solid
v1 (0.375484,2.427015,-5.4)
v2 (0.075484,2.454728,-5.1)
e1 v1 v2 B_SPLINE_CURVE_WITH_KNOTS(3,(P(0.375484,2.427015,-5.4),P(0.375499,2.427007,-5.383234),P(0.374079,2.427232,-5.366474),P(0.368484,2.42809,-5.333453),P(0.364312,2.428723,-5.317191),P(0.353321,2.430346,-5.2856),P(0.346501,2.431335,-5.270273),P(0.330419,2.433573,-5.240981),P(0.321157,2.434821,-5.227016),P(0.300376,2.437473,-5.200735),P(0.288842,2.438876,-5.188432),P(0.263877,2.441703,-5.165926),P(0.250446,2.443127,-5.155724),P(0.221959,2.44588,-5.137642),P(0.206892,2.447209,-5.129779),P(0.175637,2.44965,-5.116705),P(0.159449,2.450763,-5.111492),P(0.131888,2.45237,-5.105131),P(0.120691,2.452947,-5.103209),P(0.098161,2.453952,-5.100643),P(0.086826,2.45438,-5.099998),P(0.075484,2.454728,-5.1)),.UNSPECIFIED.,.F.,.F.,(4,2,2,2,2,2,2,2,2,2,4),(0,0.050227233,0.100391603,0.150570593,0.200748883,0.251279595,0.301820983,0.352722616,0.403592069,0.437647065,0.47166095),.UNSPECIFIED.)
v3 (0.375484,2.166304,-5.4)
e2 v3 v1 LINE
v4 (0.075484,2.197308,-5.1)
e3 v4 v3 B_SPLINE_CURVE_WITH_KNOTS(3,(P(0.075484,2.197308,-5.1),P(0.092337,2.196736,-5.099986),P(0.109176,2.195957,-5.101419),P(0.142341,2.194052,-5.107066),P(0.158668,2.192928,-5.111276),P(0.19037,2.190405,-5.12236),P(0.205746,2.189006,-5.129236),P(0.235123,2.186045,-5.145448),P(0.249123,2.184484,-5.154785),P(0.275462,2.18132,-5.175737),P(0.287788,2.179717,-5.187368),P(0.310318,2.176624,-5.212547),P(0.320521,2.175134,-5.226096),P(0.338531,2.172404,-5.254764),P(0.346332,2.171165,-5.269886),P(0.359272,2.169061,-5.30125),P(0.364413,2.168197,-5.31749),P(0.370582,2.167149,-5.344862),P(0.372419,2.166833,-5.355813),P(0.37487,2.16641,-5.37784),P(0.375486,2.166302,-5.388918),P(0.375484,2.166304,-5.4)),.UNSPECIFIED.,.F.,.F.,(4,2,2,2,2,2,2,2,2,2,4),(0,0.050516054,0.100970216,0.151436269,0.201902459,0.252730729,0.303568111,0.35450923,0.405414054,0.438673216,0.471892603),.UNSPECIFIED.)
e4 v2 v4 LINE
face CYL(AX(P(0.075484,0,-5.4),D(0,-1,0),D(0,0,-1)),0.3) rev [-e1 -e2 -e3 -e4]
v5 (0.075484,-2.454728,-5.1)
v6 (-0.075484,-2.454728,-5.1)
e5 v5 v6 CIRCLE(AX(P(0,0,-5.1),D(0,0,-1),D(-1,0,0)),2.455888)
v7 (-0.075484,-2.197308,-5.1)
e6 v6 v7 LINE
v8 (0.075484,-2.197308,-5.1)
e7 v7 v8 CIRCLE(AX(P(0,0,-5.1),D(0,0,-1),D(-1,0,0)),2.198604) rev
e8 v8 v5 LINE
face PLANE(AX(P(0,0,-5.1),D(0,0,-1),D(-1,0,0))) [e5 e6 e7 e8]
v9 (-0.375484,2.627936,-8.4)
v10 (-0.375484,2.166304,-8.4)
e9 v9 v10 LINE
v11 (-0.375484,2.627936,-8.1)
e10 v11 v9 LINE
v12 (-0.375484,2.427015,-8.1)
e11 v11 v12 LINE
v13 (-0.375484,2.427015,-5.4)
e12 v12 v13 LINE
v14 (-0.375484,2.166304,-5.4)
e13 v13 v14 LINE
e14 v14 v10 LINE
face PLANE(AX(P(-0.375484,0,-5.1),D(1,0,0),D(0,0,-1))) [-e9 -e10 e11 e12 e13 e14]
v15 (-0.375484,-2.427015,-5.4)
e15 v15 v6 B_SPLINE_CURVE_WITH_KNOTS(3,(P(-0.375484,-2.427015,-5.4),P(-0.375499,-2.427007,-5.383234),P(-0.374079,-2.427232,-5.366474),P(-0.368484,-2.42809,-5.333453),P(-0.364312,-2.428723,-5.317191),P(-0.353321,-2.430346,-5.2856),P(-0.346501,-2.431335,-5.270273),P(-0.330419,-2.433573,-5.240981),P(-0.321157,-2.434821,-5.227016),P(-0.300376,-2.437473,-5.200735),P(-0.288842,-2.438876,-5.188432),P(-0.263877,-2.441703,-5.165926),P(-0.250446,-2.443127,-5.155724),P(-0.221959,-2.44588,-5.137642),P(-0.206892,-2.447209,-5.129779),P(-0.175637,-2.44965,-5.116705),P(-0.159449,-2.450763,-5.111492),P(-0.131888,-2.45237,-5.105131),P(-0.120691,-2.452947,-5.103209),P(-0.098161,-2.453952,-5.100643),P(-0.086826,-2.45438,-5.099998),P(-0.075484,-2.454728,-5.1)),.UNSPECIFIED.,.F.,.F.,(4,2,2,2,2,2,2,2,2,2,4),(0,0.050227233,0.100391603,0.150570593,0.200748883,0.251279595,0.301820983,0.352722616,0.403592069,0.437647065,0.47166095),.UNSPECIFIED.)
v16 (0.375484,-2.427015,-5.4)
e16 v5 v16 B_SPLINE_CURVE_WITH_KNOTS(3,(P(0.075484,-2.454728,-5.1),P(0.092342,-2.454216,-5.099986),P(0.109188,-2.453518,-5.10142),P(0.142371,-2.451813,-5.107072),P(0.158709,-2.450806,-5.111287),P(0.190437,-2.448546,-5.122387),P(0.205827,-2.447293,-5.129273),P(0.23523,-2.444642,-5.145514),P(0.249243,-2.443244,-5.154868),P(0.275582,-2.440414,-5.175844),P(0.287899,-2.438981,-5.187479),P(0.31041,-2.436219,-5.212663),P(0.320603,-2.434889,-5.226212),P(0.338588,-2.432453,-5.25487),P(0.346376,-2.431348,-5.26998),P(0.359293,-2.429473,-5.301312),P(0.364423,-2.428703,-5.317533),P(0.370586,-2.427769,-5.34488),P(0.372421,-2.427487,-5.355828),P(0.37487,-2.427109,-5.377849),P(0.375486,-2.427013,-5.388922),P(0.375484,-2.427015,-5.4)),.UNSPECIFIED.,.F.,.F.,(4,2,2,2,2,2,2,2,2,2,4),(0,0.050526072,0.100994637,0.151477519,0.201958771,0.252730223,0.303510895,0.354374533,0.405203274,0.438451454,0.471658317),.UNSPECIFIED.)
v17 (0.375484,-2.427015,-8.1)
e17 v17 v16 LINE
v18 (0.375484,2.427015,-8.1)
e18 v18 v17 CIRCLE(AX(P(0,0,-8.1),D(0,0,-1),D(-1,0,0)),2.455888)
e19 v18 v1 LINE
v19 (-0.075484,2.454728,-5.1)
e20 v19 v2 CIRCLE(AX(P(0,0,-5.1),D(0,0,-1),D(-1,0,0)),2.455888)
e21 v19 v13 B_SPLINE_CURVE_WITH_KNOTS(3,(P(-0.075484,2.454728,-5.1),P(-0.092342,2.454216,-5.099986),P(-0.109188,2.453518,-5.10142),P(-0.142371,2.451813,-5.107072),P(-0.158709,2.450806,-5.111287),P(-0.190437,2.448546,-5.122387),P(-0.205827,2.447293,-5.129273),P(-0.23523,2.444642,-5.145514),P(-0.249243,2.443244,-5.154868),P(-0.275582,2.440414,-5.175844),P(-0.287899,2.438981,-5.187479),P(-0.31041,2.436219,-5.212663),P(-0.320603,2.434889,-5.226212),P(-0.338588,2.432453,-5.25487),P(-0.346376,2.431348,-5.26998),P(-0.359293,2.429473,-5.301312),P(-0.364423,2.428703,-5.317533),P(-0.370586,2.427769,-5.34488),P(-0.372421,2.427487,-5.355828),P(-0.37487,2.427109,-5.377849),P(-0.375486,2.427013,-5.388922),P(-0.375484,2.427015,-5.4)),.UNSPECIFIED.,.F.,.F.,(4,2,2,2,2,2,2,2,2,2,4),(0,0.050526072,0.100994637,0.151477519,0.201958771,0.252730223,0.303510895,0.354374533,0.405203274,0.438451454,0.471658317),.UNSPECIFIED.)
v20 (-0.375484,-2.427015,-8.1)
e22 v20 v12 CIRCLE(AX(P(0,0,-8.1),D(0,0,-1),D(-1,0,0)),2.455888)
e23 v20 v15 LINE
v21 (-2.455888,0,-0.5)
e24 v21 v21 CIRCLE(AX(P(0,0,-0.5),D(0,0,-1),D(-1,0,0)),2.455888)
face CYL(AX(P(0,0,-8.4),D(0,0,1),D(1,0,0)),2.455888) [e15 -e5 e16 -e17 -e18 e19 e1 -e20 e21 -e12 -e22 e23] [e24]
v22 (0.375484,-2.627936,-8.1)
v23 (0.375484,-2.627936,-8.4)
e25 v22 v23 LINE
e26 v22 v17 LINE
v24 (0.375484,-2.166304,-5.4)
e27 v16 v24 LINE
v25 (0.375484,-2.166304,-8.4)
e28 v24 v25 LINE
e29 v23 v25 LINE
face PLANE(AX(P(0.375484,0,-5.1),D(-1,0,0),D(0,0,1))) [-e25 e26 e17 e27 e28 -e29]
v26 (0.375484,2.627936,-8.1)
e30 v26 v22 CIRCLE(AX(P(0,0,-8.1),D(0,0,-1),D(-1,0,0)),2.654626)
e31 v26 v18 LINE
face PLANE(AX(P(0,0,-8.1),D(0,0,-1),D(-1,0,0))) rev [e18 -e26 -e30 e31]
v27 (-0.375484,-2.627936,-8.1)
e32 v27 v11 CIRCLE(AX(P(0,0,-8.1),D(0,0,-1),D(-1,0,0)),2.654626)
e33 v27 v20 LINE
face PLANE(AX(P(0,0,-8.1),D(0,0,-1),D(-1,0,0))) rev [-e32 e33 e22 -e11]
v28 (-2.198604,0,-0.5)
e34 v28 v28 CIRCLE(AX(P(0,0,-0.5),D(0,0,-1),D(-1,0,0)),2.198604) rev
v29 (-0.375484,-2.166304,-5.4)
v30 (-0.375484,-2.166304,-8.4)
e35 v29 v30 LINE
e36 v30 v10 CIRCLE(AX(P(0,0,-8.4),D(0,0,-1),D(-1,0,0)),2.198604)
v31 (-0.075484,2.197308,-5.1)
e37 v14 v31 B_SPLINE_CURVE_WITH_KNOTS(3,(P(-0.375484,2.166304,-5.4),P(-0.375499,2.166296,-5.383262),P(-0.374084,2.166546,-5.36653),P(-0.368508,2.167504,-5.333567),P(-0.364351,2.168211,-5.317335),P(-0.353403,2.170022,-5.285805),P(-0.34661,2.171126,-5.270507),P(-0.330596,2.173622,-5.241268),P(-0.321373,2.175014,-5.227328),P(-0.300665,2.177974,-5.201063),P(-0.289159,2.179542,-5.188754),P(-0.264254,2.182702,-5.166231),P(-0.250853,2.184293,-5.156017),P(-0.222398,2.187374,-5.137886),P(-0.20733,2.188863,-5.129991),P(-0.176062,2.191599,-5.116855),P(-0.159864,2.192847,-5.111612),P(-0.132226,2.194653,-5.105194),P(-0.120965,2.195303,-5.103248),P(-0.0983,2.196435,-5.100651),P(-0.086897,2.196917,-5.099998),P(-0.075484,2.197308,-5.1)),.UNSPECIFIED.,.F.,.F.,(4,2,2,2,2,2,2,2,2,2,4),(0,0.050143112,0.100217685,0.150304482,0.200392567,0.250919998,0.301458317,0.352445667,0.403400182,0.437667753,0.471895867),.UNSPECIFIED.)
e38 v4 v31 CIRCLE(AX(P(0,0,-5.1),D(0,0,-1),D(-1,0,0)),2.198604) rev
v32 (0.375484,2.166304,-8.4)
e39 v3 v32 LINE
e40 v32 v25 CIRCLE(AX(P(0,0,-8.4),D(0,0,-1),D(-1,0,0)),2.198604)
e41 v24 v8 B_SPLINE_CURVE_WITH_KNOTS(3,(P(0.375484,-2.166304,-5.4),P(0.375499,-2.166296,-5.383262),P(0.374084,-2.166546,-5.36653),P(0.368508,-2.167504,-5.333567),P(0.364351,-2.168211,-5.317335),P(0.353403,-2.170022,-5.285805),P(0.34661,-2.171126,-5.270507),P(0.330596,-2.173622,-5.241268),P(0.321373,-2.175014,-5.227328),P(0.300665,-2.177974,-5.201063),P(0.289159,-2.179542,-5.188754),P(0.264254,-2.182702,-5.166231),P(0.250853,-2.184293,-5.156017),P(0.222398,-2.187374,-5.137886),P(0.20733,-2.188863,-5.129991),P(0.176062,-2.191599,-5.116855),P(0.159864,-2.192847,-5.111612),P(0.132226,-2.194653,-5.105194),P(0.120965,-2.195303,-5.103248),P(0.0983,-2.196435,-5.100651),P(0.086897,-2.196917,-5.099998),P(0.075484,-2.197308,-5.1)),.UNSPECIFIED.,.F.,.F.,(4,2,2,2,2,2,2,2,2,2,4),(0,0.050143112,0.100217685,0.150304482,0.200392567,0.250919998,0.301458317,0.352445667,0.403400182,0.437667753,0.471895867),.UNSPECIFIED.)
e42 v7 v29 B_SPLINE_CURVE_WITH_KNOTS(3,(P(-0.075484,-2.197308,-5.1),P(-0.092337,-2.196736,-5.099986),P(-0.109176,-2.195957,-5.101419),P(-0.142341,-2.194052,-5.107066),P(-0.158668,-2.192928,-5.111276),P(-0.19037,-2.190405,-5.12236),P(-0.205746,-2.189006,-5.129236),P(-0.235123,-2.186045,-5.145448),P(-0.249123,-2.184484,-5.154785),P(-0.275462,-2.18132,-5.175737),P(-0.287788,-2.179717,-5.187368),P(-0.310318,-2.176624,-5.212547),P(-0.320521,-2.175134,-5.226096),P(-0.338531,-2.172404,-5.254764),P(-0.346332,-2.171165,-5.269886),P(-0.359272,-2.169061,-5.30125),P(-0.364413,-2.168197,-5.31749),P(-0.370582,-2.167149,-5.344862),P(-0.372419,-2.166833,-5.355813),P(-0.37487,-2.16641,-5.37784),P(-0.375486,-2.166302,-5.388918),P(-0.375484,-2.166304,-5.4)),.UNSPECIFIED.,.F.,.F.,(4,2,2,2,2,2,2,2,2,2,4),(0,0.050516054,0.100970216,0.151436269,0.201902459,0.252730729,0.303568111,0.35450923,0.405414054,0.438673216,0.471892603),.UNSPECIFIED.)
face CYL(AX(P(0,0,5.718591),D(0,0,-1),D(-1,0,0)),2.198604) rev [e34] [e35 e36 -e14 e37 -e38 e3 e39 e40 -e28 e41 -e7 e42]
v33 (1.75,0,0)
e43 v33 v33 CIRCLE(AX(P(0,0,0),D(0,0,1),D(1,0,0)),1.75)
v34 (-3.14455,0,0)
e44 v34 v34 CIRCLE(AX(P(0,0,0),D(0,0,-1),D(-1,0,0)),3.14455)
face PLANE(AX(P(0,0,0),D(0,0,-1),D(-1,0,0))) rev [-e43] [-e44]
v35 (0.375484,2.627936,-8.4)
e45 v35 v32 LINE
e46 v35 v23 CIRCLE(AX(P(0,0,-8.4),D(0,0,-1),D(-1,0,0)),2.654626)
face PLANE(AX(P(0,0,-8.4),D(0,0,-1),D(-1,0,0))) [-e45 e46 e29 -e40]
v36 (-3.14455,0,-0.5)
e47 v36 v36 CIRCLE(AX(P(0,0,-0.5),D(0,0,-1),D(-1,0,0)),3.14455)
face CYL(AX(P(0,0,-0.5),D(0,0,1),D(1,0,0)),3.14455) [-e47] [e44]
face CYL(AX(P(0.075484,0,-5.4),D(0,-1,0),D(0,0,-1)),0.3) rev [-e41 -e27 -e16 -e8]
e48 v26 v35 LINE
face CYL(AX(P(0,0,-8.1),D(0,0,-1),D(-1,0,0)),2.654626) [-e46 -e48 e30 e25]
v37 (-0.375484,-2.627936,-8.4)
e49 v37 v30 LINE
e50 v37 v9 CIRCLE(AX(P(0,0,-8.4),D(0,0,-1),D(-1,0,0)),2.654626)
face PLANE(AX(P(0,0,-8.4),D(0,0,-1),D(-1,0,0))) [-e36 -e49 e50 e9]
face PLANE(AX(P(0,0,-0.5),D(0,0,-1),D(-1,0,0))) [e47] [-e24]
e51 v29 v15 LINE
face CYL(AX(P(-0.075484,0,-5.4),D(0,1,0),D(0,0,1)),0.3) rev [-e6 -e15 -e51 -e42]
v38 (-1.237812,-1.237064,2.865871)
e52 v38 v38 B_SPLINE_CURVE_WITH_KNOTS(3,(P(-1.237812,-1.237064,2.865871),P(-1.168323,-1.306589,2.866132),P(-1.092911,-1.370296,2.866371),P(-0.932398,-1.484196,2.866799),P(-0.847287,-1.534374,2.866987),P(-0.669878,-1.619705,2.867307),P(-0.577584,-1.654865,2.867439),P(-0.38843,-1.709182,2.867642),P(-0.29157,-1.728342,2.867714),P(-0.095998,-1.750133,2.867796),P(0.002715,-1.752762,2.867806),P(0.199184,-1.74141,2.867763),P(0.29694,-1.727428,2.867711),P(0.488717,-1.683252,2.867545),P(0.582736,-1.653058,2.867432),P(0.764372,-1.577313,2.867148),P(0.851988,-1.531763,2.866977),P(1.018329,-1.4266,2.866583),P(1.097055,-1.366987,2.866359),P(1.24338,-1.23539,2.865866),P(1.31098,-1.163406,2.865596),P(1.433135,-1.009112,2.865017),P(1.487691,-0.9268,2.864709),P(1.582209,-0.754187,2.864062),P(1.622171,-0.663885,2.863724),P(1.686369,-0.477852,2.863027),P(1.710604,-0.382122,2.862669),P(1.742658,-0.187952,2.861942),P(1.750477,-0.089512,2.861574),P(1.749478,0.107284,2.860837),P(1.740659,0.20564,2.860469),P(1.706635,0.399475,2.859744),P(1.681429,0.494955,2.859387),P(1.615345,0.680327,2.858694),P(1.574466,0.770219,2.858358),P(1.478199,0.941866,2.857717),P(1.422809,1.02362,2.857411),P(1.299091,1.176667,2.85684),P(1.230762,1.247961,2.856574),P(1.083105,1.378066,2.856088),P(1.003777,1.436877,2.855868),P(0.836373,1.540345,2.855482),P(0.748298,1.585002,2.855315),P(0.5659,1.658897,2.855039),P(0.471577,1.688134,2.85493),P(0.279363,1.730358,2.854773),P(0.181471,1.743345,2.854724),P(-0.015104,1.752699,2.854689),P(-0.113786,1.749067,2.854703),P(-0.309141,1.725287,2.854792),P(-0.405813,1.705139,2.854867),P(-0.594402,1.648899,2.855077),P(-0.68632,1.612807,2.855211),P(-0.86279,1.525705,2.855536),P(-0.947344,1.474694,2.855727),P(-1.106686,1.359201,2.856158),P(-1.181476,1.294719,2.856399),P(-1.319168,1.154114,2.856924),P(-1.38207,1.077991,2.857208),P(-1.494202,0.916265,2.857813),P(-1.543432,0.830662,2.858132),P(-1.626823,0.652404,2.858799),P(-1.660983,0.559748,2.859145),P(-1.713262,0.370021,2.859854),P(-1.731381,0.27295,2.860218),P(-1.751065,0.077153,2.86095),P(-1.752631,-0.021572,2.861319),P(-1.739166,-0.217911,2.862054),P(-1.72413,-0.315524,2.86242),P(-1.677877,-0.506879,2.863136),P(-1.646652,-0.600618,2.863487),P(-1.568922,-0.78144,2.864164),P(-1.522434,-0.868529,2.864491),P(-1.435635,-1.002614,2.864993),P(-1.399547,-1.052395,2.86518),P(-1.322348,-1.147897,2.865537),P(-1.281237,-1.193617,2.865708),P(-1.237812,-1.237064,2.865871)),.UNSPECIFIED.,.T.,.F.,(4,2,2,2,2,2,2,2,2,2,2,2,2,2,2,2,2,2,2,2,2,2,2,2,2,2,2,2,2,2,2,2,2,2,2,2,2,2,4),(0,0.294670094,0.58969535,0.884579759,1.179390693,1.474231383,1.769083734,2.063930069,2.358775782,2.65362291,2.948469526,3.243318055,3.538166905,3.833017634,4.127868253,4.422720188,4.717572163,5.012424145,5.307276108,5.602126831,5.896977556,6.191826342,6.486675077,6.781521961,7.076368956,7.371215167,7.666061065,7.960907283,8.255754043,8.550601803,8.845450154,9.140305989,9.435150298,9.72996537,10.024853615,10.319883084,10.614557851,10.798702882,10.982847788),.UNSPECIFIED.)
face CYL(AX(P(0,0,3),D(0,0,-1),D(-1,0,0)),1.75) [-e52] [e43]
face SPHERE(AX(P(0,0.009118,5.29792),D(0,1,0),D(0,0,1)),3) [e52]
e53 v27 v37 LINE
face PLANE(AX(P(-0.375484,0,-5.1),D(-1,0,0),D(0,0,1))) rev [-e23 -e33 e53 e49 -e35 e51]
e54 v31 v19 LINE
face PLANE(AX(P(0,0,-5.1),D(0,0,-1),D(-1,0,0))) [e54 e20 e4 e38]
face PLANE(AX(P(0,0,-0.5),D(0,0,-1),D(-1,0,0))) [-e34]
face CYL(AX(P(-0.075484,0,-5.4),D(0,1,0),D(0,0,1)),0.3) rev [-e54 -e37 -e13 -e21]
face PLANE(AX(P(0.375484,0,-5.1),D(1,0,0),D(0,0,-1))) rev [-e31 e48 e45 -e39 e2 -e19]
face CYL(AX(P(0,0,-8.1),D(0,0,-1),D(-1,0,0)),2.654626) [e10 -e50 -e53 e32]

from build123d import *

# Parameters (mm, degrees)
BOSS_EXTRUDE1_DEPTH = 7.9
SKETCH2_R           = 3.144549921
BOSS_EXTRUDE3_DEPTH = 0.5
SKETCH3_R           = 2.455888386
BOSS_EXTRUDE4_DEPTH = 7.9
SKETCH4_R           = 2.65462565
BOSS_EXTRUDE5_DEPTH = 0.3
SKETCH5_R           = 2.198604039
CUT_EXTRUDE1_DEPTH  = 7.9
CUT_EXTRUDE2_DEPTH  = 3.3
FILLET1_R           = 0.3
CUT_EXTRUDE5_START  = 9
SKETCH7_R           = 3.144549921
CUT_EXTRUDE5_DEPTH  = 9
SKETCH8_R           = 1.75
BOSS_EXTRUDE6_DEPTH = 3


with BuildPart() as part:
    # Sketch1 → Boss-Extrude1 (new body)
    with BuildSketch(Plane.XY):
        Polygon((-2.4, 0.895), (-2.4, 0), (0, 0), (0, 2.4), (-0.9, 2.4), (-0.9, 0.895), align=None)
        Polygon((0, 0), (-2.4, 0), (-2.4, -0.895), (-0.9, -0.895), (-0.9, -2.4), (0, -2.4), align=None)
        Polygon((0, 2.4), (0, 0), (2.4, 0), (2.4, 0.895), (0.9, 0.895), (0.9, 2.4), align=None)
        Polygon((2.4, 0), (0, 0), (0, -2.4), (0.9, -2.4), (0.9, -0.895), (2.4, -0.895), align=None)
    extrude(amount=BOSS_EXTRUDE1_DEPTH)

    # Sketch2 → Boss-Extrude3 (add)
    with BuildSketch(Plane(origin=(0, 0, 0), x_dir=(-1, 0, 0), z_dir=(0, 0, -1))):
        Circle(SKETCH2_R)
    extrude(amount=BOSS_EXTRUDE3_DEPTH)

    # Sketch3 → Boss-Extrude4 (add)
    with BuildSketch(Plane(origin=(0, 0, -0.5), x_dir=(-1, 0, 0), z_dir=(0, 0, -1))):
        Circle(SKETCH3_R)
    extrude(amount=BOSS_EXTRUDE4_DEPTH)

    # Sketch4 → Boss-Extrude5 (add)
    with BuildSketch(Plane(origin=(0, 0, -8.4), x_dir=(-1, 0, 0), z_dir=(0, 0, -1))):
        Circle(SKETCH4_R)
    extrude(amount=-BOSS_EXTRUDE5_DEPTH)

    # Sketch5 → Cut-Extrude1 (cut)
    with BuildSketch(Plane(origin=(0, 0, -8.4), x_dir=(-1, 0, 0), z_dir=(0, 0, -1))):
        Circle(SKETCH5_R)
    extrude(amount=-CUT_EXTRUDE1_DEPTH, mode=Mode.SUBTRACT)

    # Sketch6 → Cut-Extrude2 (cut)
    with BuildSketch(Plane(origin=(0, 0, -8.4), x_dir=(-1, 0, 0), z_dir=(0, 0, -1))):
        with BuildLine():
            Line((0.375484044, 2.166303638), (0.375484044, 2.627936276))
            ThreePointArc((0.375484044, 2.627936276), (0.188215694, 2.6479449), (0, 2.65462565))
            Line((0, 2.65462565), (0, 2.198604039))
            ThreePointArc((0, 2.198604039), (0.188435389, 2.190514055), (0.375484044, 2.166303638))
        make_face()
        with BuildLine():
            Line((0, 2.198604039), (0, 2.65462565))
            ThreePointArc((0, 2.65462565), (-0.188215694, 2.6479449), (-0.375484044, 2.627936276))
            Line((-0.375484044, 2.627936276), (-0.375484044, 2.166303638))
            ThreePointArc((-0.375484044, 2.166303638), (-0.188435389, 2.190514055), (0, 2.198604039))
        make_face()
        with BuildLine():
            ThreePointArc((0, -2.65462565), (0.188215694, -2.6479449), (0.375484044, -2.627936276))
            Line((0.375484044, -2.627936276), (0.375484044, -2.166303638))
            ThreePointArc((0.375484044, -2.166303638), (0, -2.198604039), (-0.375484044, -2.166303638))
            Line((-0.375484044, -2.166303638), (-0.375484044, -2.627936276))
            ThreePointArc((-0.375484044, -2.627936276), (-0.188215694, -2.6479449), (0, -2.65462565))
        make_face()
    extrude(amount=-CUT_EXTRUDE2_DEPTH, mode=Mode.SUBTRACT)

    # Fillet1
    fillet1_edges = [part.edges().sort_by_distance(p)[0] for p in [
        (0.375484044, 2.296659081, -5.1),
        (-0.375484044, 2.296659081, -5.1),
        (-0.375484044, -2.296659081, -5.1),
        (0.375484044, -2.296659081, -5.1),
    ]]
    fillet(fillet1_edges, radius=FILLET1_R)

    # Sketch7 → Cut-Extrude5 (cut)
    with BuildSketch(Plane.XY.offset(CUT_EXTRUDE5_START)):
        with Locations(Location((0, 0, 0), (0, 0, 180))):
            Circle(SKETCH7_R)
    extrude(amount=-CUT_EXTRUDE5_DEPTH, mode=Mode.SUBTRACT)

    # Sketch8 → Boss-Extrude6 (add)
    with BuildSketch(Plane.XY):
        Circle(SKETCH8_R)
    extrude(amount=BOSS_EXTRUDE6_DEPTH)

    # Sketch9 → Revolve1 (revolve)
    with BuildSketch(Plane(origin=(0, 0, 0), x_dir=(0, 0, -1), z_dir=(1, 0, 0))):
        with BuildLine():
            Line((-5.297920188, 3.009117544), (-5.297920188, -2.990882456))
            ThreePointArc((-5.297920188, -2.990882456), (-2.297920188, 0.009117544), (-5.297920188, 3.009117544))
        make_face()
    revolve(axis=Axis((0, 3.009117544, 5.297920188), (0, -1, 0)))


solid = part.part
